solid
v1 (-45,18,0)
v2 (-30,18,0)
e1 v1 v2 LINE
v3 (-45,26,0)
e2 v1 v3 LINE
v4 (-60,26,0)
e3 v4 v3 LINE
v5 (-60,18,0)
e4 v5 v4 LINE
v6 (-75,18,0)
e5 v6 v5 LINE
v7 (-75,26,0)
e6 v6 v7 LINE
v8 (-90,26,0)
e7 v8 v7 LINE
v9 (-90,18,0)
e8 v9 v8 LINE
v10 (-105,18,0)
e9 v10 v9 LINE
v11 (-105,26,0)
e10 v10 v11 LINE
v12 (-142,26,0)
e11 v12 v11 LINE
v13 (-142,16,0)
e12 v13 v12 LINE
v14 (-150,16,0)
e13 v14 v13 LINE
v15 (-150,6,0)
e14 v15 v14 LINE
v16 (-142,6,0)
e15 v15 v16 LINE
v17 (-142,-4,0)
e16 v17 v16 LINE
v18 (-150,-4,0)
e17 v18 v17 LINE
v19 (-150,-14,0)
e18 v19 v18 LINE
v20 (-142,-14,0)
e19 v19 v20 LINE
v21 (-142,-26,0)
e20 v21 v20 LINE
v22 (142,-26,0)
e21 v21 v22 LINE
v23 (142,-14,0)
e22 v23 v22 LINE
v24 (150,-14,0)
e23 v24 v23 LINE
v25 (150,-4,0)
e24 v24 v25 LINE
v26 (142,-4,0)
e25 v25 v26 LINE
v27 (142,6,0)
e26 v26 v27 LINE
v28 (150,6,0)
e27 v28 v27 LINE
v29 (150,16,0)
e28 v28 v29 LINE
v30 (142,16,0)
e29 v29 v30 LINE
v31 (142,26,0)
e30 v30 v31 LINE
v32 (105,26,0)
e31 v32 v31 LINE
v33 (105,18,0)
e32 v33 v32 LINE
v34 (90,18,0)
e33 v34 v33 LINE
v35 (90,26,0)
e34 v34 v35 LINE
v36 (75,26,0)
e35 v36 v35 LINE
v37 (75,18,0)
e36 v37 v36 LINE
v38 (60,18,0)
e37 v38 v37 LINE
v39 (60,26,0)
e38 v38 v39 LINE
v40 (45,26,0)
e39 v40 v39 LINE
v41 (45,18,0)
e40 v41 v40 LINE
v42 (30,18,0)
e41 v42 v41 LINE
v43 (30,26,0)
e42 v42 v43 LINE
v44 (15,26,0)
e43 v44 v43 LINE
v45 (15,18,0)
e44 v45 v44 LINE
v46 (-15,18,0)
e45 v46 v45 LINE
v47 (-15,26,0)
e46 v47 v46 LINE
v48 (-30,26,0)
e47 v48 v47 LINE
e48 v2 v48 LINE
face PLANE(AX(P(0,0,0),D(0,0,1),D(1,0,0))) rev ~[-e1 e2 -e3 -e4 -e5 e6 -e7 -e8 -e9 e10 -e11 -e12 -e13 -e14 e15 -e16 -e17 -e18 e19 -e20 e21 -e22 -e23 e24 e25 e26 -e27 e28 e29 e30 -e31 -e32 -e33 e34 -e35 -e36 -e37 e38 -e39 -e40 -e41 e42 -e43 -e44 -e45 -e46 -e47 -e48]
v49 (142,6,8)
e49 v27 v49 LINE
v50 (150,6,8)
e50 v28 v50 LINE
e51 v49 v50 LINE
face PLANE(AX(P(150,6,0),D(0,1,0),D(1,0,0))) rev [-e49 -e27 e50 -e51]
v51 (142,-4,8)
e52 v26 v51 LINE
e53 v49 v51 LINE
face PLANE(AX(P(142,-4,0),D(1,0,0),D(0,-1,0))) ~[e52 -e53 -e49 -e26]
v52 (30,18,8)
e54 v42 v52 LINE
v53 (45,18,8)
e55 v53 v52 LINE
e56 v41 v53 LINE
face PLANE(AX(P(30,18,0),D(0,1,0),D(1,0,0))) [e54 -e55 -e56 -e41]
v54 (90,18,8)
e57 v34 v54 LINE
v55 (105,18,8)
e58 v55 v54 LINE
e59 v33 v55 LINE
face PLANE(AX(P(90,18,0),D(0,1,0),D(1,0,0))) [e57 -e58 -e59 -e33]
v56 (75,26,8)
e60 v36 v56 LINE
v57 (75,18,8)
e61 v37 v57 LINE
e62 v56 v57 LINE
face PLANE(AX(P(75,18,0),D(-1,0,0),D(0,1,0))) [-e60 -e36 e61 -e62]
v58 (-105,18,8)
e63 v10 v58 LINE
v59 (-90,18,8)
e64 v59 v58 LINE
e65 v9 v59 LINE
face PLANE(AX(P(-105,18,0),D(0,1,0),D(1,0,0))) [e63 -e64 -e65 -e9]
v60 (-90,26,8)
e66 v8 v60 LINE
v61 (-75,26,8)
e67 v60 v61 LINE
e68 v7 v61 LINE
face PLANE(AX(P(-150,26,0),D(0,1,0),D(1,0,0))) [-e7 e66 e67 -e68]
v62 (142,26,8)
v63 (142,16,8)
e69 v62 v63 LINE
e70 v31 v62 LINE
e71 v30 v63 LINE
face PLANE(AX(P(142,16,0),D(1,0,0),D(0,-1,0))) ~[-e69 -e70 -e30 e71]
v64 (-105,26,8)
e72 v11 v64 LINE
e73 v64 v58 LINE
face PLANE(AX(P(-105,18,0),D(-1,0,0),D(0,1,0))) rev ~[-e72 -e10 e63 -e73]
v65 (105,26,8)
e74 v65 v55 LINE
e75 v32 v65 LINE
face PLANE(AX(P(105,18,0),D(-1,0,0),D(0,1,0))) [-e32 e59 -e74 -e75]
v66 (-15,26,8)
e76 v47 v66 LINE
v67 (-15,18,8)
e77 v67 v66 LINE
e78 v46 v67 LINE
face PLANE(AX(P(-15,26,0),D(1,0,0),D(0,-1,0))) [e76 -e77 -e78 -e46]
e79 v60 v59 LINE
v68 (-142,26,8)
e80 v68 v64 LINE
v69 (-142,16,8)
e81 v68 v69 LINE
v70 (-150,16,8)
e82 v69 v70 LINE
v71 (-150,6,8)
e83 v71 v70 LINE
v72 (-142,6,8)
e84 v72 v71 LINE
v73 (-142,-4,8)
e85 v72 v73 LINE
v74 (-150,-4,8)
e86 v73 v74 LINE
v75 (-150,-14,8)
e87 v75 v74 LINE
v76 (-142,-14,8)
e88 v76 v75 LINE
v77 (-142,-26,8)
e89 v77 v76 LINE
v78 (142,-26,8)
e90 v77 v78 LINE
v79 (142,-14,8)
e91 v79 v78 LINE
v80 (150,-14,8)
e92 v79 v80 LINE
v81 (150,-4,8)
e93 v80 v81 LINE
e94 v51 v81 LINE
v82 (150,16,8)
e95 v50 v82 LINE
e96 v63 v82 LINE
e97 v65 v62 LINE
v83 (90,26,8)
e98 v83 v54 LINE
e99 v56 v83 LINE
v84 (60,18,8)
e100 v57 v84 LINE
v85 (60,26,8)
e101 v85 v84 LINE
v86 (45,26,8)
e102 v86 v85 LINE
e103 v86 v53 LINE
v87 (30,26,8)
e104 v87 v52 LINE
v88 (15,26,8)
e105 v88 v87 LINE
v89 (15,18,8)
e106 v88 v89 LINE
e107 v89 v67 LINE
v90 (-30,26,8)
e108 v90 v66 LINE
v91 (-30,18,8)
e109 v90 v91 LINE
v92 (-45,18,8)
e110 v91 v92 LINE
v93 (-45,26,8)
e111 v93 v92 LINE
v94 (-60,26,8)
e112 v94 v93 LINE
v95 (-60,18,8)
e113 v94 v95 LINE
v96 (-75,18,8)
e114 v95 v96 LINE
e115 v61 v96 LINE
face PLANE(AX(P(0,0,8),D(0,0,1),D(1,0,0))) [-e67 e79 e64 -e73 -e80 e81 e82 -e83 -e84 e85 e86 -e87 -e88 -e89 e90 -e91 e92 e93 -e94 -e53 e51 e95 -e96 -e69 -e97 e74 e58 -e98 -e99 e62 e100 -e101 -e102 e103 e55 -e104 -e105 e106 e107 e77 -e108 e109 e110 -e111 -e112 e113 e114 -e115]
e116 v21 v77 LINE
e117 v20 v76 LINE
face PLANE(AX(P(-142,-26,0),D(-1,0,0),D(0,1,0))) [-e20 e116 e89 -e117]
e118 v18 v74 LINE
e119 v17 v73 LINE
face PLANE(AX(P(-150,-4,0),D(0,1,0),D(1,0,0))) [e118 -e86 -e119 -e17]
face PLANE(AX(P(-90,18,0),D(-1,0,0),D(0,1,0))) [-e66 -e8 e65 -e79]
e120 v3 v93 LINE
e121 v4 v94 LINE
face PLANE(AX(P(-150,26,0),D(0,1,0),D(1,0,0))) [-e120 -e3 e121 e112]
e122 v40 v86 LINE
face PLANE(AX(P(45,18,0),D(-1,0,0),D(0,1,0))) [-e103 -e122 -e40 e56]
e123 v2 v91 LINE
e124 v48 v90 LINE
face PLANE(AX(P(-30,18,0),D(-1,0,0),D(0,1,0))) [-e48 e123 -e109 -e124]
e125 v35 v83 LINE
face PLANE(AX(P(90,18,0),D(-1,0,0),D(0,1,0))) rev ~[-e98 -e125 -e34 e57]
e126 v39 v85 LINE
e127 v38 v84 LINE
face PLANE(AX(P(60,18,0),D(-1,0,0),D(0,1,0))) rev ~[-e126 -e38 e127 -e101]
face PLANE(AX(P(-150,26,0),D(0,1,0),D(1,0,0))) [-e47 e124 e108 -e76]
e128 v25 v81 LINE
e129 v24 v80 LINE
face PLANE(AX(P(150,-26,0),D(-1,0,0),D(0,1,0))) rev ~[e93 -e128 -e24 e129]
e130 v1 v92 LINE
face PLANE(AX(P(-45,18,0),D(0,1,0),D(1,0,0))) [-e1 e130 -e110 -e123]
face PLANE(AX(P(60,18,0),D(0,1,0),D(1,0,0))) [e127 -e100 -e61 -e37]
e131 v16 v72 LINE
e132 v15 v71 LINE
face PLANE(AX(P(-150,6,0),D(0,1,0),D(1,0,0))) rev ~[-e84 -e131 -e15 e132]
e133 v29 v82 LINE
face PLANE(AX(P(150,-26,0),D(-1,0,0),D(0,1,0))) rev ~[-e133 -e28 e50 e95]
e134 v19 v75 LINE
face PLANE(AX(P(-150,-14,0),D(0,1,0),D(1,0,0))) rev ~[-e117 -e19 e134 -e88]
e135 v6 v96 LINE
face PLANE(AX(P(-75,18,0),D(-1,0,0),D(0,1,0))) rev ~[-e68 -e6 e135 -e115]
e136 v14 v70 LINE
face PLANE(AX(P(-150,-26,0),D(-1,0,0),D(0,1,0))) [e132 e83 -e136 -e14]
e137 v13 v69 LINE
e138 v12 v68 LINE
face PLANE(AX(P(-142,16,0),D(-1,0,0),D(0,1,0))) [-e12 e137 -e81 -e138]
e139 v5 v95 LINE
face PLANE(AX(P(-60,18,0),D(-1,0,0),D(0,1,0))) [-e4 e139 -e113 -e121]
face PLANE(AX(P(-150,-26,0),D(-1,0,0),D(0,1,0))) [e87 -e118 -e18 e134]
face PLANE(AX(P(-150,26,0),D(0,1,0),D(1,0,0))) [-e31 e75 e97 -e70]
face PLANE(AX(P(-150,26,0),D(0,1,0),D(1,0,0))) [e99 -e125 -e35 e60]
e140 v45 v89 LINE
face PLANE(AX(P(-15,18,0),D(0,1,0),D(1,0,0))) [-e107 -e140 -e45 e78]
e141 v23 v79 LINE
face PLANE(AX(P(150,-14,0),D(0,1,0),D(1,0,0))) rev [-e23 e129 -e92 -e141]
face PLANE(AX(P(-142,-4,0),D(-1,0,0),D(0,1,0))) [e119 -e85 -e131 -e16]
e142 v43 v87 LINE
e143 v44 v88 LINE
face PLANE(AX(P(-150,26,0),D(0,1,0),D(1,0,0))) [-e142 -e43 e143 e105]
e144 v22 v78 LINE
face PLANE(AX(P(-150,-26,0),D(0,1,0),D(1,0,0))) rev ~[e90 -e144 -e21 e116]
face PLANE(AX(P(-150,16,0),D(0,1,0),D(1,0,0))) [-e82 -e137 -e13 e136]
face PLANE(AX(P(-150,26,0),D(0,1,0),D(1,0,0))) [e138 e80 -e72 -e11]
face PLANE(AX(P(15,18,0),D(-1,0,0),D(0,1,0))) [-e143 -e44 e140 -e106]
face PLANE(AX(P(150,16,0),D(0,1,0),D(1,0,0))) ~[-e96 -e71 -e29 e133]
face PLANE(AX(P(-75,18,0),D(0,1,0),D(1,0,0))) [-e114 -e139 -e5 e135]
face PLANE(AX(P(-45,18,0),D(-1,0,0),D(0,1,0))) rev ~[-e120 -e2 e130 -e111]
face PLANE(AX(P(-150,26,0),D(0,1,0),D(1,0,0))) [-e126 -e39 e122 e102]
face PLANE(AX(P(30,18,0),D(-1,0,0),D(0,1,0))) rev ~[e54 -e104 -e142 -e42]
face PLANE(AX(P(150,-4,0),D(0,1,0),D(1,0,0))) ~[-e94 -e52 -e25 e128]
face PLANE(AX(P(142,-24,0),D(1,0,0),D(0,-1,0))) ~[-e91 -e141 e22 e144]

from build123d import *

# Parameters (mm, degrees)
ESQUISSE1_W             = 300
ESQUISSE1_H             = 52
BOSS_EXTRU_1_DEPTH      = 8
ESQUISSE2_W             = 8
ESQUISSE2_H             = 10
ENL_V_MAT_EXTRU_1_DEPTH = 153.446712001
ESQUISSE3_W             = 8
ESQUISSE3_H             = 2
ENL_V_MAT_EXTRU_2_DEPTH = 153.446712001
ESQUISSE4_W             = 15
ESQUISSE4_H             = 8
ENL_V_MAT_EXTRU_3_DEPTH = 10


with BuildPart() as part:
    # Esquisse1 → Boss.-Extru.1 (new body)
    with BuildSketch(Plane.XY):
        Rectangle(ESQUISSE1_W, ESQUISSE1_H)
    extrude(amount=BOSS_EXTRU_1_DEPTH)

    # Esquisse2 → Enlèv. mat.-Extru.1 (cut, through all)
    with BuildSketch(Plane.XY):
        with Locations((-146, 1)):
            Rectangle(ESQUISSE2_W, ESQUISSE2_H)
        with Locations((-146, 21)):
            Rectangle(ESQUISSE2_W, ESQUISSE2_H)
        with Locations((-146, -19)):
            Rectangle(ESQUISSE2_W, ESQUISSE2_H)
    enl_v_mat_extru_1 = extrude(amount=ENL_V_MAT_EXTRU_1_DEPTH, mode=Mode.SUBTRACT)

    # Esquisse3 → Enlèv. mat.-Extru.2 (cut, through all)
    with BuildSketch(Plane.XY):
        with Locations((-146, -25)):
            Rectangle(ESQUISSE3_W, ESQUISSE3_H)
    enl_v_mat_extru_2 = extrude(amount=ENL_V_MAT_EXTRU_2_DEPTH, mode=Mode.SUBTRACT)

    # Symétrie1: Enlèv. mat.-Extru.1, Enlèv. mat.-Extru.2 across plane
    add(enl_v_mat_extru_1.mirror(Plane(origin=(0, 0, 0), x_dir=(0, 0, 1), z_dir=(1, 0, 0))), mode=Mode.SUBTRACT)
    add(enl_v_mat_extru_2.mirror(Plane(origin=(0, 0, 0), x_dir=(0, 0, 1), z_dir=(1, 0, 0))), mode=Mode.SUBTRACT)

    # Esquisse4 → Enlèv. mat.-Extru.3 (cut)
    with BuildSketch(Plane.XY):
        with Locations((-97.5, 22)):
            Rectangle(ESQUISSE4_W, ESQUISSE4_H)
        with Locations((-37.5, 22)):
            Rectangle(ESQUISSE4_W, ESQUISSE4_H)
        with Locations((37.5, 22)):
            Rectangle(ESQUISSE4_W, ESQUISSE4_H)
        with Locations((67.5, 22)):
            Rectangle(ESQUISSE4_W, ESQUISSE4_H)
        with Locations((97.5, 22)):
            Rectangle(ESQUISSE4_W, ESQUISSE4_H)
        with Locations((-67.5, 22)):
            Rectangle(ESQUISSE4_W, ESQUISSE4_H)
        Polygon((0, 18), (15, 18), (15, 26), (0, 26), (-15, 26), (-15, 18), align=None)
    extrude(amount=ENL_V_MAT_EXTRU_3_DEPTH, mode=Mode.SUBTRACT)


solid = part.part
